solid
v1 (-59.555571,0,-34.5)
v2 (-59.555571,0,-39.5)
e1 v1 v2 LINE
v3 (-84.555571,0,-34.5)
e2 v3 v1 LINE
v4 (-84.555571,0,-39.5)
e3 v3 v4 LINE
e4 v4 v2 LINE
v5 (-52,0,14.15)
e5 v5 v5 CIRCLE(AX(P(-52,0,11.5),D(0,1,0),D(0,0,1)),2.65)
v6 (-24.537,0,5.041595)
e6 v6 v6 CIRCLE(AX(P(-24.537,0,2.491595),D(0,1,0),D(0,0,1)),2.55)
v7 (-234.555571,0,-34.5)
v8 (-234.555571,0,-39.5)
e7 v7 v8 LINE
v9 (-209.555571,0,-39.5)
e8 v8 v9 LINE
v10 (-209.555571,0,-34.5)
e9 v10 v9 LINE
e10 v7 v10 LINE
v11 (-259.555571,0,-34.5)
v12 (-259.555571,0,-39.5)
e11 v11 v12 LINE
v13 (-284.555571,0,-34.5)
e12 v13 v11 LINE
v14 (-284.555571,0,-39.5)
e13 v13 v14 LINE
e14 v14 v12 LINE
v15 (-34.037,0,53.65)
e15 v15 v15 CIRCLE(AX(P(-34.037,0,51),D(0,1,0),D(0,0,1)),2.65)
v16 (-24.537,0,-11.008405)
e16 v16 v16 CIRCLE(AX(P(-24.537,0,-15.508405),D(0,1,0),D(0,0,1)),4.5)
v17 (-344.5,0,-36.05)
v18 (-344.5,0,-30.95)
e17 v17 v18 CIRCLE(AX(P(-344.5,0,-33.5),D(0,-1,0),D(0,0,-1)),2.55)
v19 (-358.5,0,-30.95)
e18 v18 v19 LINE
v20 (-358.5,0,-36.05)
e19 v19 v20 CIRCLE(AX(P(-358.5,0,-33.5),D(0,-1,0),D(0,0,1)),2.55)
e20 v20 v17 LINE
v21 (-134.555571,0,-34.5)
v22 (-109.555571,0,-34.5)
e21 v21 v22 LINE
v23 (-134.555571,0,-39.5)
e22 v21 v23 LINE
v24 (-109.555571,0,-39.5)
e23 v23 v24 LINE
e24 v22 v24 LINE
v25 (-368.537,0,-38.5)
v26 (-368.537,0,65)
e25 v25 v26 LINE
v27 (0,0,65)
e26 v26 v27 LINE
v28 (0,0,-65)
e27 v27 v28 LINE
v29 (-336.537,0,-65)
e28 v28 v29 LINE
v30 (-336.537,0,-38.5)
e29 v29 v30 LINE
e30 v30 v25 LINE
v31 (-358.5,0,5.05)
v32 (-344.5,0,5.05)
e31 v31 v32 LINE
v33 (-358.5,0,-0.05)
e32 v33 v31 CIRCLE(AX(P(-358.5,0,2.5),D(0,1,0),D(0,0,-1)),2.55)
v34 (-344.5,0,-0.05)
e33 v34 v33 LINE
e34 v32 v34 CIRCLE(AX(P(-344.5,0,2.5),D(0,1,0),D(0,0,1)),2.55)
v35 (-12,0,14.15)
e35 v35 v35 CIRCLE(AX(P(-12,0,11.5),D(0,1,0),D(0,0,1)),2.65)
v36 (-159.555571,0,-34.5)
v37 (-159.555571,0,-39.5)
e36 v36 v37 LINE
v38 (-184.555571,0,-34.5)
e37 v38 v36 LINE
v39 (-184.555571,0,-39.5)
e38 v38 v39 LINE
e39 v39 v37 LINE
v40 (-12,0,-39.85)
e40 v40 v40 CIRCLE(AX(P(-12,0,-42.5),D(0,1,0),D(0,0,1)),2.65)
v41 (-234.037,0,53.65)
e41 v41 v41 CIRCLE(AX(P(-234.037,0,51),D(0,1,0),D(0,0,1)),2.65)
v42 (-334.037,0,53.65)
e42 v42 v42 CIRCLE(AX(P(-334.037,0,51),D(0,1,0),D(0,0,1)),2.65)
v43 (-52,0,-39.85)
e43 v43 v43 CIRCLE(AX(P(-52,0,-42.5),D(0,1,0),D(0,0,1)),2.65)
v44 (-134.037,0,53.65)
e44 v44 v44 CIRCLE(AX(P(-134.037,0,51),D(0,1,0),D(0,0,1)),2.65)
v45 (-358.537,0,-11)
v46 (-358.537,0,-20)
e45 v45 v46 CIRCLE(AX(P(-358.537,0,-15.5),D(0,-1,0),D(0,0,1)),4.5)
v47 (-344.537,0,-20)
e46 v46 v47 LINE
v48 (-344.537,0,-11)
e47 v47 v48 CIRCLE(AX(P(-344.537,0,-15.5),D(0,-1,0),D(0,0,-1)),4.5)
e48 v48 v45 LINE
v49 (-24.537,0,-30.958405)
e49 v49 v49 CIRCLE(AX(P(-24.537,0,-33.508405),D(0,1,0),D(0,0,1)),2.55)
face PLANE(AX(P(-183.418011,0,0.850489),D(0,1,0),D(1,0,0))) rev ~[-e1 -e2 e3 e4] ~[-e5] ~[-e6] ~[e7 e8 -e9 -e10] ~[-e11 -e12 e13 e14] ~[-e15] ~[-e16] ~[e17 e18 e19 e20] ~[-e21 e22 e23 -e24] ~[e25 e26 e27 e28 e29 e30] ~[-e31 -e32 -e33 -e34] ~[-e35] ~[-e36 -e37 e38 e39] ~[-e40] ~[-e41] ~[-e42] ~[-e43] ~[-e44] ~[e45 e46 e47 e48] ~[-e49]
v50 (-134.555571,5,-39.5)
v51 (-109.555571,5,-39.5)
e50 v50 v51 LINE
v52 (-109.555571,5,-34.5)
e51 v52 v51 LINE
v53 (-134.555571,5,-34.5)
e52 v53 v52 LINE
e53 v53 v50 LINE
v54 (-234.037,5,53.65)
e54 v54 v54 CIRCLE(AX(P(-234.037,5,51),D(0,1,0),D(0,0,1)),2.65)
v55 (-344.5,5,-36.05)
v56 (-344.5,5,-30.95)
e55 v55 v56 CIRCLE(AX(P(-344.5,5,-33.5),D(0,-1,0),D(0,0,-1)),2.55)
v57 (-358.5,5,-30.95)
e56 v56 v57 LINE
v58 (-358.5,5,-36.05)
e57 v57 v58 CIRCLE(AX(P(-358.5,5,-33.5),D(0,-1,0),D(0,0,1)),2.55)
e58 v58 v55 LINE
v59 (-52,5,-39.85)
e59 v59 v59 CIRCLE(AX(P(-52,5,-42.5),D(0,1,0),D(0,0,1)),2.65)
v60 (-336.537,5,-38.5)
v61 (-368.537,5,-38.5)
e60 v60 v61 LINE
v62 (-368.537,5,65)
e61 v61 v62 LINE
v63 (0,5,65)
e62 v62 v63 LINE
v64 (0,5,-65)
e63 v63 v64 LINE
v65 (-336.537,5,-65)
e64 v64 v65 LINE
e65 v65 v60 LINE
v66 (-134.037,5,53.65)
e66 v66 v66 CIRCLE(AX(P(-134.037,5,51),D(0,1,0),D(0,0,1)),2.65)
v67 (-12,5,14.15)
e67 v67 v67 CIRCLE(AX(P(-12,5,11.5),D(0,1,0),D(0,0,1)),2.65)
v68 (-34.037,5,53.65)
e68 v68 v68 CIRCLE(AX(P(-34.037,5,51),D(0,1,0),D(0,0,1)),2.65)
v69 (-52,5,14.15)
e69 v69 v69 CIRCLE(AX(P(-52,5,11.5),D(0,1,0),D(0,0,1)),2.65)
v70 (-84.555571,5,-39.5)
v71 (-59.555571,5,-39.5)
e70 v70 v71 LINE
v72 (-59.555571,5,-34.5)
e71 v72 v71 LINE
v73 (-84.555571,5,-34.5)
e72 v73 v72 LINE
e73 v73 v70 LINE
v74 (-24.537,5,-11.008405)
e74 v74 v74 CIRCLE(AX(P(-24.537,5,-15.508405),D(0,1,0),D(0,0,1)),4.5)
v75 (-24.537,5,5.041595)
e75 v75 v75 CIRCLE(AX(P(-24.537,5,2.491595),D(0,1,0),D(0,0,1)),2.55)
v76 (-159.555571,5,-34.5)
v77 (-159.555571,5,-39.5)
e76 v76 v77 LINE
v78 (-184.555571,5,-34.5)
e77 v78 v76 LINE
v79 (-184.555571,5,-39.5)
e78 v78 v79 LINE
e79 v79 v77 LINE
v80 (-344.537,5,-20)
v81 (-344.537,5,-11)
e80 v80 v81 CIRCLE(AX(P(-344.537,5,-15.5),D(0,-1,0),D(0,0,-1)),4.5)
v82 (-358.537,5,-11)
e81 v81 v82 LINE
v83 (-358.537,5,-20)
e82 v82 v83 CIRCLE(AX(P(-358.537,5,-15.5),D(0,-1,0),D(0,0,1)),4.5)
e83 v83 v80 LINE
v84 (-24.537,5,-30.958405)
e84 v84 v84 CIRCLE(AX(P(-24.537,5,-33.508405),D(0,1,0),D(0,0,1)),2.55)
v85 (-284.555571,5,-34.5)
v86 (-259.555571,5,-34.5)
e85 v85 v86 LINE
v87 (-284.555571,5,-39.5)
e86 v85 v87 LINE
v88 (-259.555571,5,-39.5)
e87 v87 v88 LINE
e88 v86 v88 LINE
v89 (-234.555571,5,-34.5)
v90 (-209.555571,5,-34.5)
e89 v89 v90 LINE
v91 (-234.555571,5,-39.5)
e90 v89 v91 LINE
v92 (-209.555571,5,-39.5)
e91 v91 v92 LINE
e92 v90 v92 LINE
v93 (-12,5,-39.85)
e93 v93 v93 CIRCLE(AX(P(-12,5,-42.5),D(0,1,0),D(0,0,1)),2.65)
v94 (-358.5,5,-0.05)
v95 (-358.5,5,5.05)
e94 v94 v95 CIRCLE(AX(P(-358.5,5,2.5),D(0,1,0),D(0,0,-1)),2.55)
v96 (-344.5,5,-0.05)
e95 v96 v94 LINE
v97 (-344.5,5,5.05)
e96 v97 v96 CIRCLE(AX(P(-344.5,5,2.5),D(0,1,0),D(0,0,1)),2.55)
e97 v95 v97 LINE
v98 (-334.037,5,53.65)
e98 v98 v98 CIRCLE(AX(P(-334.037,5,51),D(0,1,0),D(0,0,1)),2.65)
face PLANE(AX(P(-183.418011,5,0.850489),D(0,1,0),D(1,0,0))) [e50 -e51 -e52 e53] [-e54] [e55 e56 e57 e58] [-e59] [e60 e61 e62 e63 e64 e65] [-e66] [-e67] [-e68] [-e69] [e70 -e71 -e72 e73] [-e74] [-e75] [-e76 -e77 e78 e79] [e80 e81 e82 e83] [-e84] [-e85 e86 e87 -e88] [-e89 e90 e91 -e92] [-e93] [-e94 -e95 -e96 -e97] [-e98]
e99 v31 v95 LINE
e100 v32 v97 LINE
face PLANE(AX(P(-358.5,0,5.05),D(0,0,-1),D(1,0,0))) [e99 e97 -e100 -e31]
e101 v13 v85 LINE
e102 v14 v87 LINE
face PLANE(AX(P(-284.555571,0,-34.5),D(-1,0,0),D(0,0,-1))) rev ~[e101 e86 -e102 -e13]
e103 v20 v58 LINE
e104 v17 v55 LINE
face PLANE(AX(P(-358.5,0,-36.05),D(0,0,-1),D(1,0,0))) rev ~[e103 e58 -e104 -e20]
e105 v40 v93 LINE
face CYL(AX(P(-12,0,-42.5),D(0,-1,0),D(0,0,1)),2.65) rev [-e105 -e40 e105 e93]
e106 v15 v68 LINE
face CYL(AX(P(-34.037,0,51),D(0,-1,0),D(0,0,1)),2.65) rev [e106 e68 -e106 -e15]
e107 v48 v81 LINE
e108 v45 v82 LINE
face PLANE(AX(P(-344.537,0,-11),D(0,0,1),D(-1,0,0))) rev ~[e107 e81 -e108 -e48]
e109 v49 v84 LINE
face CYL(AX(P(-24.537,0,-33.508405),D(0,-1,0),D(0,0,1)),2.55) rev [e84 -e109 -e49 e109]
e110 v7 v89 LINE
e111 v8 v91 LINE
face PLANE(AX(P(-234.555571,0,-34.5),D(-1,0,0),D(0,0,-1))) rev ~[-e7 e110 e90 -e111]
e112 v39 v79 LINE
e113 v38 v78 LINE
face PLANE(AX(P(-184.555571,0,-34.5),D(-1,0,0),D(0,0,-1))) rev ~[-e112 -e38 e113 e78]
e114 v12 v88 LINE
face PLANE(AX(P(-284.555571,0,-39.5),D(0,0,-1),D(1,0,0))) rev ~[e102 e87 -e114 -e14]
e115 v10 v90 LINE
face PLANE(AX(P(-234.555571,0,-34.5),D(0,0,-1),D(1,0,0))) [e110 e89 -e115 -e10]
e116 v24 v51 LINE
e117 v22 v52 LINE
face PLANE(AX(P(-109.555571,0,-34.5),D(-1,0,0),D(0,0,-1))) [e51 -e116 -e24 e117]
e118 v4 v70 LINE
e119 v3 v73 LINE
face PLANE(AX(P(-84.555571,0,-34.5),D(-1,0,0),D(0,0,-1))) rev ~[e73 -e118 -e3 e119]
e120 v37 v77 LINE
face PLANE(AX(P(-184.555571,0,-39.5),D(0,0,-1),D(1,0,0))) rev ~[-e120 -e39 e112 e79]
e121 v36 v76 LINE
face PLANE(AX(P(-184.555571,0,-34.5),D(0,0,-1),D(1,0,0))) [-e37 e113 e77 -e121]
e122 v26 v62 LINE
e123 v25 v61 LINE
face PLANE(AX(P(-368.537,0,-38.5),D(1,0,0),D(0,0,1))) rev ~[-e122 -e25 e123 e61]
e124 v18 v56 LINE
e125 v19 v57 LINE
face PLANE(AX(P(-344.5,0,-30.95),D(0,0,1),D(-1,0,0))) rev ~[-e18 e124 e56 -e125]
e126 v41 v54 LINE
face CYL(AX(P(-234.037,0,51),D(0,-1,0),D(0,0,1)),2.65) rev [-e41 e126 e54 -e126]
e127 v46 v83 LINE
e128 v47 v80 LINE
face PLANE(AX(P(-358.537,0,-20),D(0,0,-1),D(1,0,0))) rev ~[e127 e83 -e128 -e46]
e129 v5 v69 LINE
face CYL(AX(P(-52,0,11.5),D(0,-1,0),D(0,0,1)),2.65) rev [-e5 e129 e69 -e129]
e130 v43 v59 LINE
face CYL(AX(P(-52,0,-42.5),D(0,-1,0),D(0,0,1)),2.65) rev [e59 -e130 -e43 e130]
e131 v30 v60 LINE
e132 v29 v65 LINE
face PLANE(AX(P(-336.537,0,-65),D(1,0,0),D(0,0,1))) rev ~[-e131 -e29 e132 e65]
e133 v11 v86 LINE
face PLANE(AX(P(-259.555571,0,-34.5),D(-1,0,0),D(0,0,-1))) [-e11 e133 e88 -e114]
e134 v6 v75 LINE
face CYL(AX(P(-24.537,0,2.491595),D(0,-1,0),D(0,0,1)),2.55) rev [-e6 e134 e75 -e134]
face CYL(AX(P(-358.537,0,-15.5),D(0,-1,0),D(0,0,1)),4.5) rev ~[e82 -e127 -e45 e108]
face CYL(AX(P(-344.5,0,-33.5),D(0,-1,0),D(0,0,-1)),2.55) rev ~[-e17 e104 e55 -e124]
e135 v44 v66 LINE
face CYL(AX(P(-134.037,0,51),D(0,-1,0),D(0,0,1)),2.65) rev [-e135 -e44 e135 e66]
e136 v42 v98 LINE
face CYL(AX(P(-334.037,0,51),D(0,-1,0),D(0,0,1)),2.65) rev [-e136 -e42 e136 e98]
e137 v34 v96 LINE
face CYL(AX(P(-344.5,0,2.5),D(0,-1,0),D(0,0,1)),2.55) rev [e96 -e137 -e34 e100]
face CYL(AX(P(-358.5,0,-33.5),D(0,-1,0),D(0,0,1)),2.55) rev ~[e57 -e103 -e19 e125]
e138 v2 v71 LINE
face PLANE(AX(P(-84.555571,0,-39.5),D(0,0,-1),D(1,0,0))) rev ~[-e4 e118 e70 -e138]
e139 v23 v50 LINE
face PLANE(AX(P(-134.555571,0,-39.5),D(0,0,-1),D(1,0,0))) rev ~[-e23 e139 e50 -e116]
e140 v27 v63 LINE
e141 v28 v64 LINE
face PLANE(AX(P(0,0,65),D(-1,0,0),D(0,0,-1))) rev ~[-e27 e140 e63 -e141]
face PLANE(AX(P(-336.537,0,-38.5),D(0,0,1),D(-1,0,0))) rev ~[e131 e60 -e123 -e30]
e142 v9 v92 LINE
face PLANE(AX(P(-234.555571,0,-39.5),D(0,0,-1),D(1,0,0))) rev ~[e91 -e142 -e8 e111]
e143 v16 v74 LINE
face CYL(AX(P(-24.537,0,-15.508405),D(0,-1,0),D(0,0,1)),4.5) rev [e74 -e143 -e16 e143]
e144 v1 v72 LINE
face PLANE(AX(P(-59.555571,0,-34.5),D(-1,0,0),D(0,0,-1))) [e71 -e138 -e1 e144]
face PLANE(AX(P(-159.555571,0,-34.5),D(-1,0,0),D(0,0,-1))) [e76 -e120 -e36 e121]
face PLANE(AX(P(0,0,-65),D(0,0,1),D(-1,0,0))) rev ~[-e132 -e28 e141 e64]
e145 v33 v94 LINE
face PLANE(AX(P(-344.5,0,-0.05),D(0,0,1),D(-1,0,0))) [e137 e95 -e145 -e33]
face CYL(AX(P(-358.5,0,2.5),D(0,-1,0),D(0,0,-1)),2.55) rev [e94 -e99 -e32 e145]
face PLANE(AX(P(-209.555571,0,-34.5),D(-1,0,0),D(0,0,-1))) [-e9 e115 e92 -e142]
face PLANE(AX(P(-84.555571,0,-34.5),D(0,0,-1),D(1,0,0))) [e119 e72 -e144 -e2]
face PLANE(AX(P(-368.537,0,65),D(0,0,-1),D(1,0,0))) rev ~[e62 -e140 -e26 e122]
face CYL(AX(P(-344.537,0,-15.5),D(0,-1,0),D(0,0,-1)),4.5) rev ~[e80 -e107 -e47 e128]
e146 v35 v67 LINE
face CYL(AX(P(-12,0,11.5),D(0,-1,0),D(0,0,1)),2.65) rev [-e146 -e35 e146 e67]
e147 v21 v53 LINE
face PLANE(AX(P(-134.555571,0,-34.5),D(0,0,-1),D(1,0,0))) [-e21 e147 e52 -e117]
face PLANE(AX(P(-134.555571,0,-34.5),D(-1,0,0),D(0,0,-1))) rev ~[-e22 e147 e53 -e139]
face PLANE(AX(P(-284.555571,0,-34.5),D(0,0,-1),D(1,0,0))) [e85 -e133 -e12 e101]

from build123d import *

# Parameters (mm, degrees)
SKETCH1_R           = 2.65
SKETCH1_R_2         = 2.55
SKETCH1_R_3         = 4.5
SKETCH1_W           = 25
SKETCH1_H           = 5
BOSS_EXTRUDE1_DEPTH = 5


with BuildPart() as part:
    # Sketch1 → Boss-Extrude1 (new body)
    with BuildSketch(Plane(origin=(0, 0, 0), x_dir=(1, 0, 0), z_dir=(0, 1, 0))):
        Polygon((0, 0), (0, 40), (0, 65), (-336.537, 65), (-336.537, 38.5), (-368.537, 38.5), (-368.537, -65), (0, -65), align=None)
        with Locations(Location((-12, 42.5, 0), (0, 0, 270))):
            Circle(SKETCH1_R, mode=Mode.SUBTRACT)
        with Locations(Location((-24.537, 33.50840474, 0), (0, 0, 270))):
            Circle(SKETCH1_R_2, mode=Mode.SUBTRACT)
        with Locations(Location((-24.537, -2.49159526, 0), (0, 0, 270))):
            Circle(SKETCH1_R_2, mode=Mode.SUBTRACT)
        with Locations(Location((-24.537, 15.50840474, 0), (0, 0, 270))):
            Circle(SKETCH1_R_3, mode=Mode.SUBTRACT)
        with Locations(Location((-12, -11.5, 0), (0, 0, 270))):
            Circle(SKETCH1_R, mode=Mode.SUBTRACT)
        with Locations(Location((-334.037, -51, 0), (0, 0, 270))):
            Circle(SKETCH1_R, mode=Mode.SUBTRACT)
        with Locations(Location((-234.037, -51, 0), (0, 0, 270))):
            Circle(SKETCH1_R, mode=Mode.SUBTRACT)
        with Locations(Location((-134.037, -51, 0), (0, 0, 270))):
            Circle(SKETCH1_R, mode=Mode.SUBTRACT)
        with Locations(Location((-34.037, -51, 0), (0, 0, 270))):
            Circle(SKETCH1_R, mode=Mode.SUBTRACT)
        with Locations(Location((-52, -11.5, 0), (0, 0, 270))):
            Circle(SKETCH1_R, mode=Mode.SUBTRACT)
        with Locations(Location((-52, 42.5, 0), (0, 0, 270))):
            Circle(SKETCH1_R, mode=Mode.SUBTRACT)
        with BuildLine():
            Line((-358.537, 20), (-344.537, 20))
            ThreePointArc((-344.537, 20), (-340.037, 15.5), (-344.537, 11))
            Line((-344.537, 11), (-358.537, 11))
            ThreePointArc((-358.537, 11), (-363.037, 15.5), (-358.537, 20))
        make_face(mode=Mode.SUBTRACT)
        with BuildLine():
            Line((-344.5, 0.05), (-358.5, 0.05))
            ThreePointArc((-358.5, 0.05), (-361.05, -2.5), (-358.5, -5.05))
            Line((-358.5, -5.05), (-344.5, -5.05))
            ThreePointArc((-344.5, -5.05), (-341.95, -2.5), (-344.5, 0.05))
        make_face(mode=Mode.SUBTRACT)
        with Locations((-122.055571099, 37)):
            Rectangle(SKETCH1_W, SKETCH1_H, mode=Mode.SUBTRACT)
        with BuildLine():
            Line((-358.5, 36.05), (-344.5, 36.05))
            ThreePointArc((-344.5, 36.05), (-341.95, 33.5), (-344.5, 30.95))
            Line((-344.5, 30.95), (-358.5, 30.95))
            ThreePointArc((-358.5, 30.95), (-361.05, 33.5), (-358.5, 36.05))
        make_face(mode=Mode.SUBTRACT)
        with Locations((-72.055571099, 37)):
            Rectangle(SKETCH1_W, SKETCH1_H, mode=Mode.SUBTRACT)
        with Locations((-272.055571099, 37)):
            Rectangle(SKETCH1_W, SKETCH1_H, mode=Mode.SUBTRACT)
        with Locations((-222.055571099, 37)):
            Rectangle(SKETCH1_W, SKETCH1_H, mode=Mode.SUBTRACT)
        with Locations((-172.055571099, 37)):
            Rectangle(SKETCH1_W, SKETCH1_H, mode=Mode.SUBTRACT)
    extrude(amount=BOSS_EXTRUDE1_DEPTH)


solid = part.part
